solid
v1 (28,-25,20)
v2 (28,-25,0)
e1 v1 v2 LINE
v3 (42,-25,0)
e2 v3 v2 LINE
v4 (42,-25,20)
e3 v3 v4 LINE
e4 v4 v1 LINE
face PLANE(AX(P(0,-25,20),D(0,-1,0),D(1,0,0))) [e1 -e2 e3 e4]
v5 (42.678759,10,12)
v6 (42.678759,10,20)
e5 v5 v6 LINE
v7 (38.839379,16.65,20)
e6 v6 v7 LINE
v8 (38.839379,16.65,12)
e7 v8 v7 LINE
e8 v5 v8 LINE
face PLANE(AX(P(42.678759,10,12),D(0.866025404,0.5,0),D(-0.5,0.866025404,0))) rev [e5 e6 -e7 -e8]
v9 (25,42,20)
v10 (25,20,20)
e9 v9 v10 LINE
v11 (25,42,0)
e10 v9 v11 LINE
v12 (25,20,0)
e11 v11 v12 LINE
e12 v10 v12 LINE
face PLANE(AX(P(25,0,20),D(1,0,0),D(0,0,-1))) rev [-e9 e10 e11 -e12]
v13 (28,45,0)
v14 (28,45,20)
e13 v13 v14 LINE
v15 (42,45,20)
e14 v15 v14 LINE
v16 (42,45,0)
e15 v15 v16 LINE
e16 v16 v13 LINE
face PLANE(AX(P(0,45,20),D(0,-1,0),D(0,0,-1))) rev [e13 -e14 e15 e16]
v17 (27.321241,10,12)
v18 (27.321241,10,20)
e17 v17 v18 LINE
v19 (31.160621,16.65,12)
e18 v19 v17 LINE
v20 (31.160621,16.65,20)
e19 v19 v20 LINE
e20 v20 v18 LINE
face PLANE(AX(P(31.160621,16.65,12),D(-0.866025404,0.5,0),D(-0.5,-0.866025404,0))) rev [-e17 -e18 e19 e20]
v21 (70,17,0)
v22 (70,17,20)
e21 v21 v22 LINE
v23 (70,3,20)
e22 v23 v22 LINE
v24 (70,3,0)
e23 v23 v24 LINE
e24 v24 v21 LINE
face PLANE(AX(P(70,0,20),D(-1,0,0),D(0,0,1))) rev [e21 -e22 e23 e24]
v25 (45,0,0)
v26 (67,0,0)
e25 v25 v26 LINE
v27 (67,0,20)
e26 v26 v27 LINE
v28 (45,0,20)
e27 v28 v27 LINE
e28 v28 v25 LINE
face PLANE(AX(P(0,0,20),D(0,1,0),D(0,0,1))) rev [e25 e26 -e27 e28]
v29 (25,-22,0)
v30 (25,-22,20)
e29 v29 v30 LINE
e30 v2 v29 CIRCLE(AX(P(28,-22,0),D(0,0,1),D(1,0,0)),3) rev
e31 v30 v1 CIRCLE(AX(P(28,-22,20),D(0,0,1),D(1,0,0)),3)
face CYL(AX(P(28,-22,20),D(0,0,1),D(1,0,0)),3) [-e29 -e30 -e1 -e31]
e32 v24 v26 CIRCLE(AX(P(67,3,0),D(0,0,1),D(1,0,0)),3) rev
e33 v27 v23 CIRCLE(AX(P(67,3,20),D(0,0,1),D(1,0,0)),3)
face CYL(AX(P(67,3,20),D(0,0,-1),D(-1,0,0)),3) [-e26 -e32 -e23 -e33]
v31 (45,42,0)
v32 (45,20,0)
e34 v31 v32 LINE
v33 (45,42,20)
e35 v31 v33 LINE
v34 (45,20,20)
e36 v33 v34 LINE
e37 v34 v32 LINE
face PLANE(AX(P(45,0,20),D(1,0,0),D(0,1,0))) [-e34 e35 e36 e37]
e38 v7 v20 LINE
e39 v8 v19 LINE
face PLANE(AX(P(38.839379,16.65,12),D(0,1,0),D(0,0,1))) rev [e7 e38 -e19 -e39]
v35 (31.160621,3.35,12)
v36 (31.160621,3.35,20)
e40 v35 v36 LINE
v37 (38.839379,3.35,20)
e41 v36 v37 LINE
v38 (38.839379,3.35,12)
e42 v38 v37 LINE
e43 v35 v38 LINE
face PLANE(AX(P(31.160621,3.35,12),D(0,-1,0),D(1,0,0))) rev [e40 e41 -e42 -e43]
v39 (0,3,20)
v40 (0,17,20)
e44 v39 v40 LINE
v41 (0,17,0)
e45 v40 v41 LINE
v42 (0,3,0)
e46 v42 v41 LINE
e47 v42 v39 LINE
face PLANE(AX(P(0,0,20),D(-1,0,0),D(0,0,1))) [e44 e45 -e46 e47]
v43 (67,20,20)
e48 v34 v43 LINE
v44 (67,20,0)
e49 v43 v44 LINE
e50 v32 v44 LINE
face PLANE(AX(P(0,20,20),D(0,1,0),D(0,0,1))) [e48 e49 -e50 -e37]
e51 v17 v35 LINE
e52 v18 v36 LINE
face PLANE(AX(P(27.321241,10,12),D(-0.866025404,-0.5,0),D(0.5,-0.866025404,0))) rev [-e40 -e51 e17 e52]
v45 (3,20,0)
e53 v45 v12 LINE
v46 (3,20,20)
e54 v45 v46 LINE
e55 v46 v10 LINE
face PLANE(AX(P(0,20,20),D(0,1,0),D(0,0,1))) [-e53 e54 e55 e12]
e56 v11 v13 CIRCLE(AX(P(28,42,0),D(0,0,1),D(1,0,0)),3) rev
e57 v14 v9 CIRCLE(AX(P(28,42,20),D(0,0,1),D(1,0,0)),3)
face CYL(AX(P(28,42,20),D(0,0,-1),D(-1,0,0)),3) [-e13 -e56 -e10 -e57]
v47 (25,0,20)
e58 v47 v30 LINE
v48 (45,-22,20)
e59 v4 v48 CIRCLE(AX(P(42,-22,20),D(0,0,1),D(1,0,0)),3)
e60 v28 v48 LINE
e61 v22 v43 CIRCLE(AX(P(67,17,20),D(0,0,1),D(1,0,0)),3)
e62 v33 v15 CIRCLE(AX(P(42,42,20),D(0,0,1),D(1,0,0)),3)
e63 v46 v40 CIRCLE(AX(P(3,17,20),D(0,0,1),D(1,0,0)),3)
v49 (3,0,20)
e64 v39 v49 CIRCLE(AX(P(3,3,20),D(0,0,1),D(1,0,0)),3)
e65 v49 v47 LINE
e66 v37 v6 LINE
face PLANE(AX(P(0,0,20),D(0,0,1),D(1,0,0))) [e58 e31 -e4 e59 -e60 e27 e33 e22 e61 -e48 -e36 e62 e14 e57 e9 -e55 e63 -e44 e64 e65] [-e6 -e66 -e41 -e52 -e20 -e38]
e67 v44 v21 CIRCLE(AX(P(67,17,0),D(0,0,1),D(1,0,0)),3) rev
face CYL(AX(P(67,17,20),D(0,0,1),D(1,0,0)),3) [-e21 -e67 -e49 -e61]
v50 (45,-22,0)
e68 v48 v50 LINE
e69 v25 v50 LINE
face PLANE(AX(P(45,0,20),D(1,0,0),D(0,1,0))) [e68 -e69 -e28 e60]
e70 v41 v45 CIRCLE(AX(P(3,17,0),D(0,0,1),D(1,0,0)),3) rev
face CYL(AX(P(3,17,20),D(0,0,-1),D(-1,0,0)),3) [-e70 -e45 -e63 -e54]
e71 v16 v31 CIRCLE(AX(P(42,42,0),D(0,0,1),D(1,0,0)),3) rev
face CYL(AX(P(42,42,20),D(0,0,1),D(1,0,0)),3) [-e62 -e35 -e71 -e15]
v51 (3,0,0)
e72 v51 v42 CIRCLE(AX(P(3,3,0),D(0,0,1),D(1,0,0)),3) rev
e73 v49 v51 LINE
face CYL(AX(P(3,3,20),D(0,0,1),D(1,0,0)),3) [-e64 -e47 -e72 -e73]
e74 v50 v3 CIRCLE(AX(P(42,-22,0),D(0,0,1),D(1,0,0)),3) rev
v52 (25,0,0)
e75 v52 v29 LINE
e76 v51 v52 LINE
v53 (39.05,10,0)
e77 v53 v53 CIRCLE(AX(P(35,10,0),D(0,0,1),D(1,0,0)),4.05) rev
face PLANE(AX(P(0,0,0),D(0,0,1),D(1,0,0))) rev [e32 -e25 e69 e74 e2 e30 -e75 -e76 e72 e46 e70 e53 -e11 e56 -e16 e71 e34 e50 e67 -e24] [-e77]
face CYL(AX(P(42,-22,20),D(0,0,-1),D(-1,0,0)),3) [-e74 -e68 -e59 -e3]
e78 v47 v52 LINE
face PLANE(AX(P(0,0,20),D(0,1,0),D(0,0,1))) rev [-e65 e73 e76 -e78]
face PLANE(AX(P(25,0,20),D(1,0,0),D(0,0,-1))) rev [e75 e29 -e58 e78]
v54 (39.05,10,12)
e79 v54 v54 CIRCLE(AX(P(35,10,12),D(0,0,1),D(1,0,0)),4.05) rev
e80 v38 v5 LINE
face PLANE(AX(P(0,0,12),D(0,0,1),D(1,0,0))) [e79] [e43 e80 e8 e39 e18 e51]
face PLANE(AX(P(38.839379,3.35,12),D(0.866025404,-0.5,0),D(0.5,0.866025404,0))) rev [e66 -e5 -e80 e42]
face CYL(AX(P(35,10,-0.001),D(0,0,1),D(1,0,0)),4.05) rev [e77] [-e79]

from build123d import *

# Parameters (mm, degrees)
ESQUISSE1_W             = 20
ESQUISSE1_H             = 25
ESQUISSE1_H_2           = 20
ESQUISSE1_W_2           = 25
BOSS_EXTRU_1_DEPTH      = 20
ENL_V_MAT_EXTRU_1_REACH = 87.586
ESQUISSE2_R             = 4.05
ENL_V_MAT_EXTRU_3_DEPTH = 8
CONG_1_R                = 3


with BuildPart() as part:
    # Esquisse1 → Boss.-Extru.1 (new body)
    with BuildSketch(Plane.XY):
        with Locations((35, 32.5)):
            Rectangle(ESQUISSE1_W, ESQUISSE1_H)
        with Locations((35, 10)):
            Rectangle(ESQUISSE1_W, ESQUISSE1_H_2)
        with Locations((12.5, 10)):
            Rectangle(ESQUISSE1_W_2, ESQUISSE1_H_2)
        with Locations((35, -12.5)):
            Rectangle(ESQUISSE1_W, ESQUISSE1_H)
        with Locations((57.5, 10)):
            Rectangle(ESQUISSE1_W_2, ESQUISSE1_H_2)
    extrude(amount=BOSS_EXTRU_1_DEPTH)

    # Esquisse2 → Enlèv. mat.-Extru.1 (cut, up to next)
    with BuildSketch(Plane.XY.offset(20), mode=Mode.PRIVATE) as enl_v_mat_extru_1_sk1:
        with Locations((35, 10)):
            Circle(ESQUISSE2_R)
    enl_v_mat_extru_1_tool1 = extrude(enl_v_mat_extru_1_sk1.sketch, amount=-ENL_V_MAT_EXTRU_1_REACH, mode=Mode.PRIVATE) & part.part
    add(enl_v_mat_extru_1_tool1.solids().sort_by_distance((35, 10, 20))[0], mode=Mode.SUBTRACT)

    # Esquisse4 → Enlèv. mat.-Extru.3 (cut)
    with BuildSketch(Plane.XY.offset(20)):
        Polygon((27.32124142, 10), (31.16062071, 3.35), (38.83937929, 3.35), (42.67875858, 10), (38.83937929, 16.65), (31.16062071, 16.65), align=None)
    extrude(amount=-ENL_V_MAT_EXTRU_3_DEPTH, mode=Mode.SUBTRACT)

    # Congé1
    cong_1_edges = [part.edges().sort_by_distance(p)[0] for p in [
        (45, 45, 10),
        (70, 20, 10),
        (70, 0, 10),
        (45, -25, 10),
        (25, -25, 10),
        (0, 0, 10),
        (0, 20, 10),
        (25, 45, 10),
    ]]
    fillet(cong_1_edges, radius=CONG_1_R)


solid = part.part
